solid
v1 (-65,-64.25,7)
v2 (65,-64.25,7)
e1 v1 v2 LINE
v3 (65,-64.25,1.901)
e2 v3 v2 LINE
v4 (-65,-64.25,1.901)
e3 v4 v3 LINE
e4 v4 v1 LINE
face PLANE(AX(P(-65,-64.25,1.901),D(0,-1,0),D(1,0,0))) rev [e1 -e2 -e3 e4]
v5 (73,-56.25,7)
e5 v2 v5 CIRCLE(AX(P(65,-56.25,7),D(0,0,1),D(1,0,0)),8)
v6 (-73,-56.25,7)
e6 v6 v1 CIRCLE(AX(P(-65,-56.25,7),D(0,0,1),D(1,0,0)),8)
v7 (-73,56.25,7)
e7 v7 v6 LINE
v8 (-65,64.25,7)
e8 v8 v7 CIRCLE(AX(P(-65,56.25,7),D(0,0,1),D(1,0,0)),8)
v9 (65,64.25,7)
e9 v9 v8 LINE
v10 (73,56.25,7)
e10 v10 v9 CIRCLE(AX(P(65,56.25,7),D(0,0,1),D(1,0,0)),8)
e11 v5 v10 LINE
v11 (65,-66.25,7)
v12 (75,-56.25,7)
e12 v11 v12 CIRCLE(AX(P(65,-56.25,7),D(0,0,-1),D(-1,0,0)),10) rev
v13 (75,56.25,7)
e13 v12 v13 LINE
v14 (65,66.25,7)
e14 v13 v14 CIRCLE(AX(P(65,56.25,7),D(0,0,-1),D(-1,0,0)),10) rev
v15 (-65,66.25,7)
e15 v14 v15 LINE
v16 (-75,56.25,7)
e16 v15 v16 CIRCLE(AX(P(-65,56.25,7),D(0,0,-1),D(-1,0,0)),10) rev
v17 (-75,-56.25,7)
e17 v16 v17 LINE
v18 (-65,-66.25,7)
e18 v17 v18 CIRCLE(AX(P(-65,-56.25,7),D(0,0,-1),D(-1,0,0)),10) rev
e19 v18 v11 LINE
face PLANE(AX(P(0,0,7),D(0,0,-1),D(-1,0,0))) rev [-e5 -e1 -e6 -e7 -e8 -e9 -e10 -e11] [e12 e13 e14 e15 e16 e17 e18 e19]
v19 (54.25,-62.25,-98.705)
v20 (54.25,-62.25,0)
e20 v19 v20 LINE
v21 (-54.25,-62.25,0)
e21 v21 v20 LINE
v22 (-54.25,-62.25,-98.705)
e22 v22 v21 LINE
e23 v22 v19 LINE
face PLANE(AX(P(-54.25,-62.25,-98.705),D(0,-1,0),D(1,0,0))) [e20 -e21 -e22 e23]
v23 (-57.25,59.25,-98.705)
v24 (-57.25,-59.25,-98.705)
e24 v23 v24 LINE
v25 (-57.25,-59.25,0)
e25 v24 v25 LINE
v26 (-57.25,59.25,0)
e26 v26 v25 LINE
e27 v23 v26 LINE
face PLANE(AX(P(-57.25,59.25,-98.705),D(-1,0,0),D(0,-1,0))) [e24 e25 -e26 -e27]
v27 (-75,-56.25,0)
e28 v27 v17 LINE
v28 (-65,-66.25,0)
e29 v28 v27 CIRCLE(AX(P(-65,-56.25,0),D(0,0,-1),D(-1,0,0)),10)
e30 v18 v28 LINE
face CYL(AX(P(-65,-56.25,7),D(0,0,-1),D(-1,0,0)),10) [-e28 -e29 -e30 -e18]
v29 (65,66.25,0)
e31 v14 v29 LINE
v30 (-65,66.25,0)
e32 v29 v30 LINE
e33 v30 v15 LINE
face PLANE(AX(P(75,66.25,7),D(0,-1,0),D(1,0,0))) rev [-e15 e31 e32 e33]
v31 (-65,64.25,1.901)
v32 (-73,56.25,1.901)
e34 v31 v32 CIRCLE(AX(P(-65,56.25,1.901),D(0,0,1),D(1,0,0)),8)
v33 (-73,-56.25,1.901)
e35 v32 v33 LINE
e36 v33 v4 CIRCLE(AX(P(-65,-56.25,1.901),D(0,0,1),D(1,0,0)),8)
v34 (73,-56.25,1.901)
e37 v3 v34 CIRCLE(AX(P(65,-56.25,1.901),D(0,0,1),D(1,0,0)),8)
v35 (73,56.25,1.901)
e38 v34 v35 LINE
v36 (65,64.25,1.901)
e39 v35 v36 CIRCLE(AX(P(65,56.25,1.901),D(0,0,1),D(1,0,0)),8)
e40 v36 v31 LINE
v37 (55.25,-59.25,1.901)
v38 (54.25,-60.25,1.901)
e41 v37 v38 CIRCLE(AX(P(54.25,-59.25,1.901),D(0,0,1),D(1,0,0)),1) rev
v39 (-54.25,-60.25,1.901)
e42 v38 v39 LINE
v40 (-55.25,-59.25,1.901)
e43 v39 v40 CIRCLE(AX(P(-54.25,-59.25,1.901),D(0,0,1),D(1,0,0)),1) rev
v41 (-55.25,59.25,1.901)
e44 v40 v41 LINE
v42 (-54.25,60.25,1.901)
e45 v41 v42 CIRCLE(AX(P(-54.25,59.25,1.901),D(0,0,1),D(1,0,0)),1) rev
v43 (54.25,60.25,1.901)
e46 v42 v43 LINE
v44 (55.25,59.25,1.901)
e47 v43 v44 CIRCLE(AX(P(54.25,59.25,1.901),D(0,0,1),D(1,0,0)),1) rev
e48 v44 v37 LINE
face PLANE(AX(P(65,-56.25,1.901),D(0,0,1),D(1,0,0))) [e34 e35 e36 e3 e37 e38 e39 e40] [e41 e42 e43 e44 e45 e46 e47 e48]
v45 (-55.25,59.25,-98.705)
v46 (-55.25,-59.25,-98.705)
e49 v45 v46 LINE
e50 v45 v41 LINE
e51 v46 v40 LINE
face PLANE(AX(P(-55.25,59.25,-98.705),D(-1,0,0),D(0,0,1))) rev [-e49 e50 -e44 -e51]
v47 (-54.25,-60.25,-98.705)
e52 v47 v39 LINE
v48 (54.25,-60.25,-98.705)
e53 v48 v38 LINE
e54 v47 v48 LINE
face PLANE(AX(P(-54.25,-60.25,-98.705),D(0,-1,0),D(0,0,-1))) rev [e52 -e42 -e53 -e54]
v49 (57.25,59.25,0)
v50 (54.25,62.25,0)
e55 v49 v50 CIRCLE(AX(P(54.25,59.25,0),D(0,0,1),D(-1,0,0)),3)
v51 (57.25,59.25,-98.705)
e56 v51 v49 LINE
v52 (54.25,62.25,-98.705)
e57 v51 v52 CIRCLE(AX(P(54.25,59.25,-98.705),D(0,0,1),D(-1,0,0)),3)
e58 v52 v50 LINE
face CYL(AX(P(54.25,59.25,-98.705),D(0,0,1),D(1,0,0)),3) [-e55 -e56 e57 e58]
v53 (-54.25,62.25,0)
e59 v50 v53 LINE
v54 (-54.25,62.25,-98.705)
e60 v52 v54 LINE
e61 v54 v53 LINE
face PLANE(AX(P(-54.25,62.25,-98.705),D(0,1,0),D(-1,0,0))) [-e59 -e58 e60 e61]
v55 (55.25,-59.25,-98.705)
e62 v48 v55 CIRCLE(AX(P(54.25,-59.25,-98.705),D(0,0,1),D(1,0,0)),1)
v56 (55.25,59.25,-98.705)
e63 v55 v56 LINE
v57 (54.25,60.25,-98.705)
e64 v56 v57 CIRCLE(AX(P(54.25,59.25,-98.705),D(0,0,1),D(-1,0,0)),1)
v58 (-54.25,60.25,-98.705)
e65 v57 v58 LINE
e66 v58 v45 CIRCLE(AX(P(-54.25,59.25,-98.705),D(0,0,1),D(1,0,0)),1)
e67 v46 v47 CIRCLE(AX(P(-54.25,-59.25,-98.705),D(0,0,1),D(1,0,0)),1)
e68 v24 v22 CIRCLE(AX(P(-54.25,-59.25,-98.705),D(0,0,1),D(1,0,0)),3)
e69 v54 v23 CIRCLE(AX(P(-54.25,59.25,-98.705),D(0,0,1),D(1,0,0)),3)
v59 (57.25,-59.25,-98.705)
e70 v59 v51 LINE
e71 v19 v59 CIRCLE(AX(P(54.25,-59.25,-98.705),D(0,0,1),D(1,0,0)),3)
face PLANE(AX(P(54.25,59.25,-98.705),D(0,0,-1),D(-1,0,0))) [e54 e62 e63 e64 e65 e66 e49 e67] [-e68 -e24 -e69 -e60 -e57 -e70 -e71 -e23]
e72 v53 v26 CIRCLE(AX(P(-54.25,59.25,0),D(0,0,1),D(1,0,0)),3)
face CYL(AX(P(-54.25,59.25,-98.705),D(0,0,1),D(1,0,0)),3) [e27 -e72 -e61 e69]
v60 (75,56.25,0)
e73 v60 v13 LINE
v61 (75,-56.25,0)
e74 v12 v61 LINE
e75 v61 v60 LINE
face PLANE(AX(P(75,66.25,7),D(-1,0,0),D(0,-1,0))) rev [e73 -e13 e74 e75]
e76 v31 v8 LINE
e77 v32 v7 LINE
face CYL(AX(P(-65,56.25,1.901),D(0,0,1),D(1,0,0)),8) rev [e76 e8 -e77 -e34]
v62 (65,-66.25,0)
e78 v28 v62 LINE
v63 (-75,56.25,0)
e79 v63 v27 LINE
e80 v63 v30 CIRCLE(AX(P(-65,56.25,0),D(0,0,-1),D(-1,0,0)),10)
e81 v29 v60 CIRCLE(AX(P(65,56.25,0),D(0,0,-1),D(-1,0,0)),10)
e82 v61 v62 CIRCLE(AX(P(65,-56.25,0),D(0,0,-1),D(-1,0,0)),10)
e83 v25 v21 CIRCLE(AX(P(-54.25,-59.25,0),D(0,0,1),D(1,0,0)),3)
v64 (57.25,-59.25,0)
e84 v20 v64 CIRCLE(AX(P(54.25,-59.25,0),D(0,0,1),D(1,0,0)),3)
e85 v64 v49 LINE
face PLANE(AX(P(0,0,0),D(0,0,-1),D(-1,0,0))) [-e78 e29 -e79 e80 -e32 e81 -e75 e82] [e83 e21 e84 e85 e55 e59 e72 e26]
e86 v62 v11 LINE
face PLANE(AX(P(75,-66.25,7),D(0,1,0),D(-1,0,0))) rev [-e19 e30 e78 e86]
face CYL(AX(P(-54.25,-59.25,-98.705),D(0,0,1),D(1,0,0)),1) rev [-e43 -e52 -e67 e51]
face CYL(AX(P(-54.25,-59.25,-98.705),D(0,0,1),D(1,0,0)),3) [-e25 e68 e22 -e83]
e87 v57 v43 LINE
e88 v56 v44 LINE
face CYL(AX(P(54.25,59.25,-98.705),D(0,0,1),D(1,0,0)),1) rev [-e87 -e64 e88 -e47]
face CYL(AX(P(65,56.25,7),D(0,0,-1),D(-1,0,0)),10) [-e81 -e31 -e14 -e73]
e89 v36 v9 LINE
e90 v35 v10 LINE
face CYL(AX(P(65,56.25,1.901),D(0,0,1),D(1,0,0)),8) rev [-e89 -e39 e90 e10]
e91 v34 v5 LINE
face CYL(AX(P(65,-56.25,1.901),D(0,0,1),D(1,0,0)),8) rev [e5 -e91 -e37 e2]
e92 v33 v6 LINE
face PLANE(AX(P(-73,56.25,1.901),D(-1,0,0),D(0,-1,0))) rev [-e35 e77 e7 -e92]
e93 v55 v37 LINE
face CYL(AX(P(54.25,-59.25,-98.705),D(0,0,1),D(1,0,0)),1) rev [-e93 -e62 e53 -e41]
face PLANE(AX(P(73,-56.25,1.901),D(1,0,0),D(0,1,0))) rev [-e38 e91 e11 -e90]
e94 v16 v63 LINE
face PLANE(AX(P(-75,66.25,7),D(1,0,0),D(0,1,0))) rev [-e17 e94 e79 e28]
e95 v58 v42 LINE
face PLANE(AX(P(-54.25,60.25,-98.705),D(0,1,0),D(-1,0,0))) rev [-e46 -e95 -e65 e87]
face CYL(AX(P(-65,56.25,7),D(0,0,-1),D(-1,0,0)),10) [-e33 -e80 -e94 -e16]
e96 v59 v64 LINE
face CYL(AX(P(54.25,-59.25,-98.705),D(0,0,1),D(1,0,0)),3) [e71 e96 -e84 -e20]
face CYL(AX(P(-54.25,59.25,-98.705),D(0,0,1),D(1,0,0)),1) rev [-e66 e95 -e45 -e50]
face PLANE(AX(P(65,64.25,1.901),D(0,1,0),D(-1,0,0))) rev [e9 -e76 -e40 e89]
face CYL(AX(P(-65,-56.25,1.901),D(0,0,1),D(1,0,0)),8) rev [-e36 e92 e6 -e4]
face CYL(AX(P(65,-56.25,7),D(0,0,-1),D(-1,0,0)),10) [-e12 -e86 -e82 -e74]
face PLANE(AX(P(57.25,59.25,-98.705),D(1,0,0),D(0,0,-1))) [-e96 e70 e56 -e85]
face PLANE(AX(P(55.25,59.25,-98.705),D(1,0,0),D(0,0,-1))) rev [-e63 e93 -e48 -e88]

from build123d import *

# Parameters (mm, degrees)
BOSS_EXTRUDE1_DEPTH = 98.705
BOSS_EXTRUDE2_START = 7
SKETCH5_W           = 150
SKETCH5_H           = 132.5
BOSS_EXTRUDE2_DEPTH = 7
FILLET1_R           = 10
CUT_EXTRUDE1_DEPTH  = 5.099


with BuildPart() as part:
    # Sketch1 → Boss-Extrude1 (new body)
    with BuildSketch(Plane.XY):
        with BuildLine():
            Line((-54.25, 62.25), (54.25, 62.25))
            ThreePointArc((54.25, 62.25), (56.371320344, 61.371320344), (57.25, 59.25))
            Line((57.25, 59.25), (57.25, -59.25))
            ThreePointArc((57.25, -59.25), (56.371320344, -61.371320344), (54.25, -62.25))
            Line((54.25, -62.25), (-54.25, -62.25))
            ThreePointArc((-54.25, -62.25), (-56.371320344, -61.371320344), (-57.25, -59.25))
            Line((-57.25, -59.25), (-57.25, 59.25))
            ThreePointArc((-57.25, 59.25), (-56.371320344, 61.371320344), (-54.25, 62.25))
        make_face()
        with BuildLine():
            Line((-55.25, 59.25), (-55.25, -59.25))
            ThreePointArc((-55.25, -59.25), (-54.957106781, -59.957106781), (-54.25, -60.25))
            Line((-54.25, -60.25), (54.25, -60.25))
            ThreePointArc((54.25, -60.25), (54.957106781, -59.957106781), (55.25, -59.25))
            Line((55.25, -59.25), (55.25, 59.25))
            ThreePointArc((55.25, 59.25), (54.957106781, 59.957106781), (54.25, 60.25))
            Line((54.25, 60.25), (-54.25, 60.25))
            ThreePointArc((-54.25, 60.25), (-54.957106781, 59.957106781), (-55.25, 59.25))
        make_face(mode=Mode.SUBTRACT)
    extrude(amount=-BOSS_EXTRUDE1_DEPTH)

    # Sketch5 → Boss-Extrude2 (add)
    with BuildSketch(Plane.XY.offset(BOSS_EXTRUDE2_START)):
        Rectangle(SKETCH5_W, SKETCH5_H)
        with BuildLine():
            Line((-54.25, -60.25), (54.25, -60.25))
            ThreePointArc((54.25, -60.25), (54.957106781, -59.957106781), (55.25, -59.25))
            Line((55.25, -59.25), (55.25, 59.25))
            ThreePointArc((55.25, 59.25), (54.957106781, 59.957106781), (54.25, 60.25))
            Line((54.25, 60.25), (-54.25, 60.25))
            ThreePointArc((-54.25, 60.25), (-54.957106781, 59.957106781), (-55.25, 59.25))
            Line((-55.25, 59.25), (-55.25, -59.25))
            ThreePointArc((-55.25, -59.25), (-54.957106781, -59.957106781), (-54.25, -60.25))
        make_face(mode=Mode.SUBTRACT)
    extrude(amount=-BOSS_EXTRUDE2_DEPTH)

    # Fillet1
    fillet1_edges = [part.edges().sort_by_distance(p)[0] for p in [
        (-75, 66.25, 3.5),
        (-75, -66.25, 3.5),
        (75, -66.25, 3.5),
        (75, 66.25, 3.5),
    ]]
    fillet(fillet1_edges, radius=FILLET1_R)

    # Sketch6 → Cut-Extrude1 (cut)
    with BuildSketch(Plane.XY.offset(7)):
        with BuildLine():
            Line((73, -56.25), (73, 56.25))
            ThreePointArc((73, 56.25), (70.656854249, 61.906854249), (65, 64.25))
            Line((65, 64.25), (-65, 64.25))
            ThreePointArc((-65, 64.25), (-70.656854249, 61.906854249), (-73, 56.25))
            Line((-73, 56.25), (-73, -56.25))
            ThreePointArc((-73, -56.25), (-70.656854249, -61.906854249), (-65, -64.25))
            Line((-65, -64.25), (65, -64.25))
            ThreePointArc((65, -64.25), (70.656854249, -61.906854249), (73, -56.25))
        make_face()
    extrude(amount=-CUT_EXTRUDE1_DEPTH, mode=Mode.SUBTRACT)


solid = part.part
